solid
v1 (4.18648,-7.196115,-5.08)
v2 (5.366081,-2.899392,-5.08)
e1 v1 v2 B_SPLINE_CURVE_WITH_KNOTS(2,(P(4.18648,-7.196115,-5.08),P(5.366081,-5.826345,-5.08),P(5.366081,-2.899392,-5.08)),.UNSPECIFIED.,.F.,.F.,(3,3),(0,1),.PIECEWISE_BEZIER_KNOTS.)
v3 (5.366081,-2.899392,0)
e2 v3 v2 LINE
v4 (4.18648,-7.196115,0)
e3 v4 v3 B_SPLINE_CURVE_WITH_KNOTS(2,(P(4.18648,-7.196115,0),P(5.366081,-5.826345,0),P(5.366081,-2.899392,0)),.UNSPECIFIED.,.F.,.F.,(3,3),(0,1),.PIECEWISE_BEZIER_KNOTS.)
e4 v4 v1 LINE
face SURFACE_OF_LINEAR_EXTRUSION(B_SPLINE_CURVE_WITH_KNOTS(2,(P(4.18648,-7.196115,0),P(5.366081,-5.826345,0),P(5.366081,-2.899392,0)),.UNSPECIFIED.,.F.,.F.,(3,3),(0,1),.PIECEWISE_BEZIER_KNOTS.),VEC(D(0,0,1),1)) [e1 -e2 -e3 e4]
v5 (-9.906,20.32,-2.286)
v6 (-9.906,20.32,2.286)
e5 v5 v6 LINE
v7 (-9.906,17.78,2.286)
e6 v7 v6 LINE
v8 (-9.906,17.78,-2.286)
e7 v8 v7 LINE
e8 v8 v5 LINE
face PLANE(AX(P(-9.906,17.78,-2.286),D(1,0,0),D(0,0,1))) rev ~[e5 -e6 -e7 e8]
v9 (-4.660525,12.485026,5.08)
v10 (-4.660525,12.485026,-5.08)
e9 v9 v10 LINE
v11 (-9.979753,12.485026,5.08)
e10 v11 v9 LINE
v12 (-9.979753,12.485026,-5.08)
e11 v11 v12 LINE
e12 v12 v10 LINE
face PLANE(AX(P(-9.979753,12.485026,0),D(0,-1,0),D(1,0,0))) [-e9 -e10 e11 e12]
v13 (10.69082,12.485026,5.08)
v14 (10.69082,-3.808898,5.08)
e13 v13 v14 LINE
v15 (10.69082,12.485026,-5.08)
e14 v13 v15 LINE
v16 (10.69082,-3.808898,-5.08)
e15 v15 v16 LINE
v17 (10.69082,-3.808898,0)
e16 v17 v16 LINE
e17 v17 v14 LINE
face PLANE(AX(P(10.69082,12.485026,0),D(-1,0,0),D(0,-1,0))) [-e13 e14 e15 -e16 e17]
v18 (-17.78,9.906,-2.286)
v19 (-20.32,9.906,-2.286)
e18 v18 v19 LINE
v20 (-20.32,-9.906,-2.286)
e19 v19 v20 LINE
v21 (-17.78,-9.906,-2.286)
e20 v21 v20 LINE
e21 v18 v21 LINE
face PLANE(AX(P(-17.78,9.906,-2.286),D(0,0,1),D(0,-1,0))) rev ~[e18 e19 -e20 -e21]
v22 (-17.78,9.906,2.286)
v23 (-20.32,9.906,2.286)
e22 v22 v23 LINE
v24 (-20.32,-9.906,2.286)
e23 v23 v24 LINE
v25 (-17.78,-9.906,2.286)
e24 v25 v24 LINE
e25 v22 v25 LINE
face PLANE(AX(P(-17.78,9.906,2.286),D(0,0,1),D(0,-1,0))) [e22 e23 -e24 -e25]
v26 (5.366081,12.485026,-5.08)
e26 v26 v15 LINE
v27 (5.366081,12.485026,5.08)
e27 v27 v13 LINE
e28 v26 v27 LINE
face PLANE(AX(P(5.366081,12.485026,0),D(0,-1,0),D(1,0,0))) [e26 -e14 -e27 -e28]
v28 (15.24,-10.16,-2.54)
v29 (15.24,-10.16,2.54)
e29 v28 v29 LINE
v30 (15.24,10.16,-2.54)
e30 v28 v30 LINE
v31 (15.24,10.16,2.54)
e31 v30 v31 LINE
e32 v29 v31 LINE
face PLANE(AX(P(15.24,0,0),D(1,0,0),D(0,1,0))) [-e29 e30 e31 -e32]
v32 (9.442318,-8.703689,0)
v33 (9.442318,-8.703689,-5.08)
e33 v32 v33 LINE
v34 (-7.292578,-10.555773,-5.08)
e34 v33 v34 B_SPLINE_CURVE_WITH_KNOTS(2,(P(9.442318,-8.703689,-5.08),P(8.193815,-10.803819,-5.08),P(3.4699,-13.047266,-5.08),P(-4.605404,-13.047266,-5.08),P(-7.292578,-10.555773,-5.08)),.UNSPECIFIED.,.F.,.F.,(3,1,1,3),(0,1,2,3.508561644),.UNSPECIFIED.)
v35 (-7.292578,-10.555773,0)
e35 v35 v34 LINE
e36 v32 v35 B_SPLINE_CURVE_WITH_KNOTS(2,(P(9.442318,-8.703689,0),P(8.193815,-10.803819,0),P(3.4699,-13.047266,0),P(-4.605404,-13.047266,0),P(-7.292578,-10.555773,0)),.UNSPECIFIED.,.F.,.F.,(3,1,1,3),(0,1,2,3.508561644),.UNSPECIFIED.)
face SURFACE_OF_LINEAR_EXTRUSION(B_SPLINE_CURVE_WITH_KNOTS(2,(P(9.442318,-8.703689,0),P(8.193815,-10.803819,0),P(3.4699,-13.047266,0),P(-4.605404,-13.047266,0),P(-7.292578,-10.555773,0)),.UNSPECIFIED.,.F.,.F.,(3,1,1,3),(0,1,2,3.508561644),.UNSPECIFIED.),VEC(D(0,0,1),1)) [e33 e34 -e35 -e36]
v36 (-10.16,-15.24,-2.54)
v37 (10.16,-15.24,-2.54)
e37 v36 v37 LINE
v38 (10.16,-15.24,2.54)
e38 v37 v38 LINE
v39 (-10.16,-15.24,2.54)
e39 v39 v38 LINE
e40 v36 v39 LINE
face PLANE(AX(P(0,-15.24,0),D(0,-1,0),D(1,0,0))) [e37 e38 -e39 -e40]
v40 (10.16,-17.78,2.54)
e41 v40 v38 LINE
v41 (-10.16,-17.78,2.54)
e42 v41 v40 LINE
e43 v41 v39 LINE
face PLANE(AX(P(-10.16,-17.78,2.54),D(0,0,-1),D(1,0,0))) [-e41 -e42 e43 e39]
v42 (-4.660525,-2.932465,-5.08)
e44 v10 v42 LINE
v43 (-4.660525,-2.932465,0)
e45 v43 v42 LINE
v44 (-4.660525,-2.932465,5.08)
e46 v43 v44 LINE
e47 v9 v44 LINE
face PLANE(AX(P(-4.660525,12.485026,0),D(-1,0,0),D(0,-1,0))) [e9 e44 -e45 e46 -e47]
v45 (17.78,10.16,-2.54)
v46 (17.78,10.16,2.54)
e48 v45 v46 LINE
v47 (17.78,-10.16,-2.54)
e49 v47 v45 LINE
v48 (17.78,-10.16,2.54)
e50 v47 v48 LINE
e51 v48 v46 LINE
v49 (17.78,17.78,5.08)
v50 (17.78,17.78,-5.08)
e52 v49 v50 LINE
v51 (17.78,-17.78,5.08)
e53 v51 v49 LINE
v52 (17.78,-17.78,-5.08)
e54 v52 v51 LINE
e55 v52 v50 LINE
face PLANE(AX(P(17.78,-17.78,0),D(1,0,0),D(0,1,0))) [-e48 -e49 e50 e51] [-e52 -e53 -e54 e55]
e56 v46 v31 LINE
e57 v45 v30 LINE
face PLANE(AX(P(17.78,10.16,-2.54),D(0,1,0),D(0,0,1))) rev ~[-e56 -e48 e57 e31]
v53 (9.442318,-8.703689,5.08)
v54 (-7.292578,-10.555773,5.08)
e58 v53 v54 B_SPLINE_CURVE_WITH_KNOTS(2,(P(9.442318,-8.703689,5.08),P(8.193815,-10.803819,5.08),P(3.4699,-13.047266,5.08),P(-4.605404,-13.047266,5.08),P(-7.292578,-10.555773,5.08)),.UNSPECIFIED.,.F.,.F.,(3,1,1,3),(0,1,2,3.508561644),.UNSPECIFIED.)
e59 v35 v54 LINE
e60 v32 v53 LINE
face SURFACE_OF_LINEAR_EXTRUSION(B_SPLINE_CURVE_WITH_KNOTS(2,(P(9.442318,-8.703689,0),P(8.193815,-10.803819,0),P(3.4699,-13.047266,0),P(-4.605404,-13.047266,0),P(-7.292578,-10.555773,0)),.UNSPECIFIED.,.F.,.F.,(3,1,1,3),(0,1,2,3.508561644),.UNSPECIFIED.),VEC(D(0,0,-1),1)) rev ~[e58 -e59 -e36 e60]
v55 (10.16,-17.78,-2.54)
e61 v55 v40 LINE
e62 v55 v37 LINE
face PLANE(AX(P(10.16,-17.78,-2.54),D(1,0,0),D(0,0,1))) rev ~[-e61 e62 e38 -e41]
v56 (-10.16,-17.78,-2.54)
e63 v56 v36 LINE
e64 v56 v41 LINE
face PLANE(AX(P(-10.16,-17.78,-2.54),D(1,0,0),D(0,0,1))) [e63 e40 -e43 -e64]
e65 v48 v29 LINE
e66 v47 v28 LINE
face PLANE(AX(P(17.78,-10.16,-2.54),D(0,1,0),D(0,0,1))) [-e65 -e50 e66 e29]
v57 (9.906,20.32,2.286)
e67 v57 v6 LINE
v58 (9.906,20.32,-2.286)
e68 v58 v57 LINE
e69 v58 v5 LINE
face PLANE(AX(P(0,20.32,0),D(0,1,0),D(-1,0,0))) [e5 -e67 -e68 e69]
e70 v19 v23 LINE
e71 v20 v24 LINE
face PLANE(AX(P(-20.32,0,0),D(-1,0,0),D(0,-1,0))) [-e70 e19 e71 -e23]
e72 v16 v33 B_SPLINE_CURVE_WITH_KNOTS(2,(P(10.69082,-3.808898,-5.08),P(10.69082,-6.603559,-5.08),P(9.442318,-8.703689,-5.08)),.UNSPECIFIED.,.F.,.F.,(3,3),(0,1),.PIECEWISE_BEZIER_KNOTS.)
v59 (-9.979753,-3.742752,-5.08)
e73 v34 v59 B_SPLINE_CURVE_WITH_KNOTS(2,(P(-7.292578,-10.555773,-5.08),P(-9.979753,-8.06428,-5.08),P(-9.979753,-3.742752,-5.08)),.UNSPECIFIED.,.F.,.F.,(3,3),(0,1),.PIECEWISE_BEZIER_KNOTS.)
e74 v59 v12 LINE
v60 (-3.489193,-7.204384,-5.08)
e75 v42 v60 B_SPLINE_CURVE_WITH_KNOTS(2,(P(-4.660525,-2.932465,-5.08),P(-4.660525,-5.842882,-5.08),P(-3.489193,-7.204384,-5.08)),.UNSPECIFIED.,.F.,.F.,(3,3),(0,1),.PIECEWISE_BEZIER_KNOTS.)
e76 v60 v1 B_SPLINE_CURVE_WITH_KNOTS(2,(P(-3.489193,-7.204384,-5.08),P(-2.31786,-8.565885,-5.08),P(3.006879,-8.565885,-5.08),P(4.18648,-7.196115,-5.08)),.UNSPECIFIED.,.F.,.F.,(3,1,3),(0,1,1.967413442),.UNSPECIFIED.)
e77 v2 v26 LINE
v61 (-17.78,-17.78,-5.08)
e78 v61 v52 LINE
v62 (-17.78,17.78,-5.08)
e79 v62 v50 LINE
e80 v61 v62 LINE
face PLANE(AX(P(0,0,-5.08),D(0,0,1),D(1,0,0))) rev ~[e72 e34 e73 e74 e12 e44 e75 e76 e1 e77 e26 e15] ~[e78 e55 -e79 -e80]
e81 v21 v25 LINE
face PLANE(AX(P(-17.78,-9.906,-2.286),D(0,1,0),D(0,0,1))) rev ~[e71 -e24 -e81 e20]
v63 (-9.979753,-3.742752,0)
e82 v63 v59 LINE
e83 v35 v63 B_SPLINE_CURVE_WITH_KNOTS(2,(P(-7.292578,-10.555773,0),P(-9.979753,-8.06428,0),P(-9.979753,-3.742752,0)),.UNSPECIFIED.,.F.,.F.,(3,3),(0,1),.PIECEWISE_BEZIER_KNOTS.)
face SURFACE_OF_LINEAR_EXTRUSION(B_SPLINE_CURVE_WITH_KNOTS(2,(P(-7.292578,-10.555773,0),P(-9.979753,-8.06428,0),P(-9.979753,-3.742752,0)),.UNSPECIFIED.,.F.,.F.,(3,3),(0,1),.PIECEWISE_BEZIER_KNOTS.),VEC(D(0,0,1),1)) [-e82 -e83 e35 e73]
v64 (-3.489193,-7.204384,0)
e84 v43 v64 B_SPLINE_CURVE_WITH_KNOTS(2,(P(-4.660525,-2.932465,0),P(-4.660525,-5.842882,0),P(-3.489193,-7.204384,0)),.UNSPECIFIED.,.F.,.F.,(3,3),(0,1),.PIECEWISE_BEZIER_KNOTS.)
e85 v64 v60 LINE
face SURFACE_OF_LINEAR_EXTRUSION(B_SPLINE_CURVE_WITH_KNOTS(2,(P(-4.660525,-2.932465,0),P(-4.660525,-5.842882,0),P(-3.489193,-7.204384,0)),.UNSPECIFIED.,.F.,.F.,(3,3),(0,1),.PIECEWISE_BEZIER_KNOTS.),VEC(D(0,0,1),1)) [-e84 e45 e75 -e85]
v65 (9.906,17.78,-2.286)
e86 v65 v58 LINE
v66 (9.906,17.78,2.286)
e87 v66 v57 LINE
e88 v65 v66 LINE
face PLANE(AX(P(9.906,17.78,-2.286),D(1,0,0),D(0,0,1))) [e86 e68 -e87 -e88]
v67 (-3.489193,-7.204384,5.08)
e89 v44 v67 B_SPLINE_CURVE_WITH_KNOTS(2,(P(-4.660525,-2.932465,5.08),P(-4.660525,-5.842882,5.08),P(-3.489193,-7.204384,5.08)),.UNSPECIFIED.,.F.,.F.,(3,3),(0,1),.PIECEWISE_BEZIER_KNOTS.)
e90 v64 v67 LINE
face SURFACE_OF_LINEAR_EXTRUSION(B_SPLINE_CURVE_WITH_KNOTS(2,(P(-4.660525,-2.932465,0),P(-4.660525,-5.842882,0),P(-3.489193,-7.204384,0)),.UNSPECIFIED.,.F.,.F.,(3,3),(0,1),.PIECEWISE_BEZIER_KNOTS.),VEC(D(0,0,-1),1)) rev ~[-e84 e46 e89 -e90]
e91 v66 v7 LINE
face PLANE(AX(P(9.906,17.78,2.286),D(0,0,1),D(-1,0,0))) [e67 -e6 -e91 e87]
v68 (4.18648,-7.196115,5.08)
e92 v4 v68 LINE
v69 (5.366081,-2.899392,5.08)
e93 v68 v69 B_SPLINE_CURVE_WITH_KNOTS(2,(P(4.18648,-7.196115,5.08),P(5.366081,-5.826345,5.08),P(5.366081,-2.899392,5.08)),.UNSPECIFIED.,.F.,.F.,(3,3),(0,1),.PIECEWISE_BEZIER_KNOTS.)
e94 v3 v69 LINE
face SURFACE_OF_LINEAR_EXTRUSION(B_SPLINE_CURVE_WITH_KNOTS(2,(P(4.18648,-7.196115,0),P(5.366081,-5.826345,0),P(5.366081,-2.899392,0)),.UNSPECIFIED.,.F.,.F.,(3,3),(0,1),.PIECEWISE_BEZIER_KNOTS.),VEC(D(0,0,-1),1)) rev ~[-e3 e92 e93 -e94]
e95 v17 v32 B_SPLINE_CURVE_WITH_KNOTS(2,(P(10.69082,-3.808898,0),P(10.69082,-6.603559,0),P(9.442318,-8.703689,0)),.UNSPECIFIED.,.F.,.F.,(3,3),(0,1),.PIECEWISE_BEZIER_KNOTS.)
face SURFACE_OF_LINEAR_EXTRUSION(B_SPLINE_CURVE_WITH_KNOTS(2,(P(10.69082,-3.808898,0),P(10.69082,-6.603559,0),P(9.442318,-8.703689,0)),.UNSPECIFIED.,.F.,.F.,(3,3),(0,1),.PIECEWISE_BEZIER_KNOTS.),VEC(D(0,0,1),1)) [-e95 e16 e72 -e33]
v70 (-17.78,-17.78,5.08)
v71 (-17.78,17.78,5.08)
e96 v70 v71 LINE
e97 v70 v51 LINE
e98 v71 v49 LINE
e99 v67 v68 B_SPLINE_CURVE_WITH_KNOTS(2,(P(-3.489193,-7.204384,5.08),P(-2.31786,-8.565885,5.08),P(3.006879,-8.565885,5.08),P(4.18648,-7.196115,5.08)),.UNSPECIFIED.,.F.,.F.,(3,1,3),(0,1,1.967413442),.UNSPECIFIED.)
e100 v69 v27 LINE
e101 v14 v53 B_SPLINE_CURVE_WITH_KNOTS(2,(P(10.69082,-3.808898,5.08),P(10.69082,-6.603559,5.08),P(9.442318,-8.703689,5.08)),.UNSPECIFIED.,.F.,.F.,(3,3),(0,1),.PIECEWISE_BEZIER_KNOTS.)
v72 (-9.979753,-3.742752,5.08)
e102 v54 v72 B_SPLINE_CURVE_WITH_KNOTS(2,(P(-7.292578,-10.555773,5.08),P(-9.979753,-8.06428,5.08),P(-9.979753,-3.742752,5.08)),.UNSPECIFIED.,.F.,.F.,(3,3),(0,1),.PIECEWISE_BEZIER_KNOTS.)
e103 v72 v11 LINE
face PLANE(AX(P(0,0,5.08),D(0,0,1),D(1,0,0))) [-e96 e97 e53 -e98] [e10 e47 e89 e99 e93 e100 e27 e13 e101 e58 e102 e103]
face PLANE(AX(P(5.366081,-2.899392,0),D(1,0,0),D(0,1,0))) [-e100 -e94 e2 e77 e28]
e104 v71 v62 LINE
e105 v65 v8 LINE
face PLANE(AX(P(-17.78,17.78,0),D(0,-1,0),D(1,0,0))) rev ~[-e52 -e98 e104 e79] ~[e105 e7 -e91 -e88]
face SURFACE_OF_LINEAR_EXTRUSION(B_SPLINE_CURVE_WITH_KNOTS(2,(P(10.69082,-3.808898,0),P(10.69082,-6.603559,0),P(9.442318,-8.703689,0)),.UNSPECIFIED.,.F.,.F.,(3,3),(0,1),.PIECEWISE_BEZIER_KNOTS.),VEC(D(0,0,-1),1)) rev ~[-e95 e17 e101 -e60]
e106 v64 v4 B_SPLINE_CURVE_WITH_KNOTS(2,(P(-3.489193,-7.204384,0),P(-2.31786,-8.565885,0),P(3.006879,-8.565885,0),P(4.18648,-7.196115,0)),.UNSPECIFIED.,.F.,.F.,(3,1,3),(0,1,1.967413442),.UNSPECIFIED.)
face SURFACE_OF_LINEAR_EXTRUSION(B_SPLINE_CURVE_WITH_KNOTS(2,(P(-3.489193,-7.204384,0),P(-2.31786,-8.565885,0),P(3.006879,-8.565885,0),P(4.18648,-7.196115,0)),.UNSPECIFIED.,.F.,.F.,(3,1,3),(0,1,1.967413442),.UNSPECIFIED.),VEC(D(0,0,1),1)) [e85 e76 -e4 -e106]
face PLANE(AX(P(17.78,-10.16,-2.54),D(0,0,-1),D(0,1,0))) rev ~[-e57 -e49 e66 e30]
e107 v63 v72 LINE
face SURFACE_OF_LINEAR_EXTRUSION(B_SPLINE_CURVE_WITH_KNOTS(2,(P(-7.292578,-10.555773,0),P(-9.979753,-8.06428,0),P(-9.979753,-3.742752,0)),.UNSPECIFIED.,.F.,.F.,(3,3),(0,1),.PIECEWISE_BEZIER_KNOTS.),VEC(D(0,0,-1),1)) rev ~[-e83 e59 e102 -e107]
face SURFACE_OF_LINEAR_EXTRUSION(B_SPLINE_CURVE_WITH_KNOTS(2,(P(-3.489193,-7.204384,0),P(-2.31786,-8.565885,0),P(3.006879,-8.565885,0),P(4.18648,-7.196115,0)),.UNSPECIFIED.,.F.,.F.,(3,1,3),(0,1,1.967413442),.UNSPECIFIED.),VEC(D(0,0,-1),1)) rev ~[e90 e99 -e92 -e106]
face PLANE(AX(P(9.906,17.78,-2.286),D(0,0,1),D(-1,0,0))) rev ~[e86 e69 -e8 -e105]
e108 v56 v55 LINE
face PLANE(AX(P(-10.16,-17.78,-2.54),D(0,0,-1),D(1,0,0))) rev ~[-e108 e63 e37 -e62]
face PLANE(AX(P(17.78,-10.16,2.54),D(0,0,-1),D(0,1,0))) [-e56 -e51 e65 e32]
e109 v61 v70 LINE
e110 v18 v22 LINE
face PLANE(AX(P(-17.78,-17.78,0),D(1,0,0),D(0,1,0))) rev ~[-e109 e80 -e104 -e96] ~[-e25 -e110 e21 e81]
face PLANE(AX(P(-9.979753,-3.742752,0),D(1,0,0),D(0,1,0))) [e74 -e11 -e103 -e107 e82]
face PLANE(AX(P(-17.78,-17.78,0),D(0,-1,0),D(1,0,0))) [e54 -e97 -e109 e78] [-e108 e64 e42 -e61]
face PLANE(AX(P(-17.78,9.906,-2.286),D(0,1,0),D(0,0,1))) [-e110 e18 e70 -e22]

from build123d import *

# Parameters (mm, degrees)
F0_W     = 35.56
F0_H     = 35.56
F1_DEPTH = 5.08
F2_W     = 19.812
F2_H     = 4.572
F3_DEPTH = 2.54
F4_W     = 19.812
F4_H     = 4.572
F5_DEPTH = 2.54
F6_W     = 20.32
F6_H     = 5.08
F7_DEPTH = 2.54
F8_W     = 20.32
F8_H     = 5.08
F9_DEPTH = 2.54


with BuildPart() as f1:
    # F0 (on Top) → F1 (new body, symmetric)
    with BuildSketch(Plane.XY):
        Rectangle(F0_W, F0_H)
        with BuildLine():
            Line((5.3660807292, 12.4850260417), (10.6908203125, 12.4850260417))
            Line((10.6908203125, 12.4850260417), (10.6908203125, -3.8088975694))
            add(Edge.make_bspline(
                [(10.6908203125, -3.8088975694), (10.6908203125, -6.6035590278), (9.4423177083, -8.7036892361)],
                knots=[0, 0, 0, 1, 1, 1], degree=2))
            add(Edge.make_bspline(
                [(9.4423177083, -8.7036892361), (8.1938151042, -10.8038194444), (5.8318576389, -11.9255425347)],
                knots=[0, 0, 0, 1, 1, 1], degree=2))
            add(Edge.make_bspline(
                [(5.8318576389, -11.9255425347), (3.4699001736, -13.047265625), (0.2508029514, -13.047265625)],
                knots=[0, 0, 0, 1, 1, 1], degree=2))
            add(Edge.make_bspline(
                [(0.2508029514, -13.047265625), (-4.6054036458, -13.047265625), (-7.292578125, -10.5557725694)],
                knots=[0, 0, 0, 1, 1, 1], degree=2))
            add(Edge.make_bspline(
                [(-7.292578125, -10.5557725694), (-9.9797526042, -8.0642795139), (-9.9797526042, -3.7427517361)],
                knots=[0, 0, 0, 1, 1, 1], degree=2))
            Line((-9.9797526042, -3.7427517361), (-9.9797526042, 12.4850260417))
            Line((-9.9797526042, 12.4850260417), (-4.6605251736, 12.4850260417))
            Line((-4.6605251736, 12.4850260417), (-4.6605251736, -2.9324652778))
            add(Edge.make_bspline(
                [(-4.6605251736, -2.9324652778), (-4.6605251736, -5.8428819444), (-3.4891927083, -7.2043836806)],
                knots=[0, 0, 0, 1, 1, 1], degree=2))
            add(Edge.make_bspline(
                [(-3.4891927083, -7.2043836806), (-2.3178602431, -8.5658854167), (0.3886067708, -8.5658854167)],
                knots=[0, 0, 0, 1, 1, 1], degree=2))
            add(Edge.make_bspline(
                [(0.3886067708, -8.5658854167), (3.0068793403, -8.5658854167), (4.1864800347, -7.1961154514)],
                knots=[0, 0, 0, 1, 1, 1], degree=2))
            add(Edge.make_bspline(
                [(4.1864800347, -7.1961154514), (5.3660807292, -5.8263454861), (5.3660807292, -2.8993923611)],
                knots=[0, 0, 0, 1, 1, 1], degree=2))
            Line((5.3660807292, -2.8993923611), (5.3660807292, 12.4850260417))
        make_face(mode=Mode.SUBTRACT)
    extrude(amount=F1_DEPTH, both=True)

    # F2 (on face) → F3 (join)
    with BuildSketch(Plane(origin=(0, 17.78, 0), x_dir=(-1, 0, 0), z_dir=(0, 1, 0))):
        Rectangle(F2_W, F2_H)
    extrude(amount=F3_DEPTH)

    # F4 (on face) → F5 (join)
    with BuildSketch(Plane(origin=(-17.78, 0, 0), x_dir=(0, -1, 0), z_dir=(-1, 0, 0))):
        Rectangle(F4_W, F4_H)
    extrude(amount=F5_DEPTH)

    # F6 (on face) → F7 (cut)
    with BuildSketch(Plane.XZ.offset(17.78)):
        Rectangle(F6_W, F6_H)
    extrude(amount=-F7_DEPTH, mode=Mode.SUBTRACT)

    # F8 (on face) → F9 (cut)
    with BuildSketch(Plane.YZ.offset(17.78)):
        Rectangle(F8_W, F8_H)
    extrude(amount=-F9_DEPTH, mode=Mode.SUBTRACT)


solid = f1.part
